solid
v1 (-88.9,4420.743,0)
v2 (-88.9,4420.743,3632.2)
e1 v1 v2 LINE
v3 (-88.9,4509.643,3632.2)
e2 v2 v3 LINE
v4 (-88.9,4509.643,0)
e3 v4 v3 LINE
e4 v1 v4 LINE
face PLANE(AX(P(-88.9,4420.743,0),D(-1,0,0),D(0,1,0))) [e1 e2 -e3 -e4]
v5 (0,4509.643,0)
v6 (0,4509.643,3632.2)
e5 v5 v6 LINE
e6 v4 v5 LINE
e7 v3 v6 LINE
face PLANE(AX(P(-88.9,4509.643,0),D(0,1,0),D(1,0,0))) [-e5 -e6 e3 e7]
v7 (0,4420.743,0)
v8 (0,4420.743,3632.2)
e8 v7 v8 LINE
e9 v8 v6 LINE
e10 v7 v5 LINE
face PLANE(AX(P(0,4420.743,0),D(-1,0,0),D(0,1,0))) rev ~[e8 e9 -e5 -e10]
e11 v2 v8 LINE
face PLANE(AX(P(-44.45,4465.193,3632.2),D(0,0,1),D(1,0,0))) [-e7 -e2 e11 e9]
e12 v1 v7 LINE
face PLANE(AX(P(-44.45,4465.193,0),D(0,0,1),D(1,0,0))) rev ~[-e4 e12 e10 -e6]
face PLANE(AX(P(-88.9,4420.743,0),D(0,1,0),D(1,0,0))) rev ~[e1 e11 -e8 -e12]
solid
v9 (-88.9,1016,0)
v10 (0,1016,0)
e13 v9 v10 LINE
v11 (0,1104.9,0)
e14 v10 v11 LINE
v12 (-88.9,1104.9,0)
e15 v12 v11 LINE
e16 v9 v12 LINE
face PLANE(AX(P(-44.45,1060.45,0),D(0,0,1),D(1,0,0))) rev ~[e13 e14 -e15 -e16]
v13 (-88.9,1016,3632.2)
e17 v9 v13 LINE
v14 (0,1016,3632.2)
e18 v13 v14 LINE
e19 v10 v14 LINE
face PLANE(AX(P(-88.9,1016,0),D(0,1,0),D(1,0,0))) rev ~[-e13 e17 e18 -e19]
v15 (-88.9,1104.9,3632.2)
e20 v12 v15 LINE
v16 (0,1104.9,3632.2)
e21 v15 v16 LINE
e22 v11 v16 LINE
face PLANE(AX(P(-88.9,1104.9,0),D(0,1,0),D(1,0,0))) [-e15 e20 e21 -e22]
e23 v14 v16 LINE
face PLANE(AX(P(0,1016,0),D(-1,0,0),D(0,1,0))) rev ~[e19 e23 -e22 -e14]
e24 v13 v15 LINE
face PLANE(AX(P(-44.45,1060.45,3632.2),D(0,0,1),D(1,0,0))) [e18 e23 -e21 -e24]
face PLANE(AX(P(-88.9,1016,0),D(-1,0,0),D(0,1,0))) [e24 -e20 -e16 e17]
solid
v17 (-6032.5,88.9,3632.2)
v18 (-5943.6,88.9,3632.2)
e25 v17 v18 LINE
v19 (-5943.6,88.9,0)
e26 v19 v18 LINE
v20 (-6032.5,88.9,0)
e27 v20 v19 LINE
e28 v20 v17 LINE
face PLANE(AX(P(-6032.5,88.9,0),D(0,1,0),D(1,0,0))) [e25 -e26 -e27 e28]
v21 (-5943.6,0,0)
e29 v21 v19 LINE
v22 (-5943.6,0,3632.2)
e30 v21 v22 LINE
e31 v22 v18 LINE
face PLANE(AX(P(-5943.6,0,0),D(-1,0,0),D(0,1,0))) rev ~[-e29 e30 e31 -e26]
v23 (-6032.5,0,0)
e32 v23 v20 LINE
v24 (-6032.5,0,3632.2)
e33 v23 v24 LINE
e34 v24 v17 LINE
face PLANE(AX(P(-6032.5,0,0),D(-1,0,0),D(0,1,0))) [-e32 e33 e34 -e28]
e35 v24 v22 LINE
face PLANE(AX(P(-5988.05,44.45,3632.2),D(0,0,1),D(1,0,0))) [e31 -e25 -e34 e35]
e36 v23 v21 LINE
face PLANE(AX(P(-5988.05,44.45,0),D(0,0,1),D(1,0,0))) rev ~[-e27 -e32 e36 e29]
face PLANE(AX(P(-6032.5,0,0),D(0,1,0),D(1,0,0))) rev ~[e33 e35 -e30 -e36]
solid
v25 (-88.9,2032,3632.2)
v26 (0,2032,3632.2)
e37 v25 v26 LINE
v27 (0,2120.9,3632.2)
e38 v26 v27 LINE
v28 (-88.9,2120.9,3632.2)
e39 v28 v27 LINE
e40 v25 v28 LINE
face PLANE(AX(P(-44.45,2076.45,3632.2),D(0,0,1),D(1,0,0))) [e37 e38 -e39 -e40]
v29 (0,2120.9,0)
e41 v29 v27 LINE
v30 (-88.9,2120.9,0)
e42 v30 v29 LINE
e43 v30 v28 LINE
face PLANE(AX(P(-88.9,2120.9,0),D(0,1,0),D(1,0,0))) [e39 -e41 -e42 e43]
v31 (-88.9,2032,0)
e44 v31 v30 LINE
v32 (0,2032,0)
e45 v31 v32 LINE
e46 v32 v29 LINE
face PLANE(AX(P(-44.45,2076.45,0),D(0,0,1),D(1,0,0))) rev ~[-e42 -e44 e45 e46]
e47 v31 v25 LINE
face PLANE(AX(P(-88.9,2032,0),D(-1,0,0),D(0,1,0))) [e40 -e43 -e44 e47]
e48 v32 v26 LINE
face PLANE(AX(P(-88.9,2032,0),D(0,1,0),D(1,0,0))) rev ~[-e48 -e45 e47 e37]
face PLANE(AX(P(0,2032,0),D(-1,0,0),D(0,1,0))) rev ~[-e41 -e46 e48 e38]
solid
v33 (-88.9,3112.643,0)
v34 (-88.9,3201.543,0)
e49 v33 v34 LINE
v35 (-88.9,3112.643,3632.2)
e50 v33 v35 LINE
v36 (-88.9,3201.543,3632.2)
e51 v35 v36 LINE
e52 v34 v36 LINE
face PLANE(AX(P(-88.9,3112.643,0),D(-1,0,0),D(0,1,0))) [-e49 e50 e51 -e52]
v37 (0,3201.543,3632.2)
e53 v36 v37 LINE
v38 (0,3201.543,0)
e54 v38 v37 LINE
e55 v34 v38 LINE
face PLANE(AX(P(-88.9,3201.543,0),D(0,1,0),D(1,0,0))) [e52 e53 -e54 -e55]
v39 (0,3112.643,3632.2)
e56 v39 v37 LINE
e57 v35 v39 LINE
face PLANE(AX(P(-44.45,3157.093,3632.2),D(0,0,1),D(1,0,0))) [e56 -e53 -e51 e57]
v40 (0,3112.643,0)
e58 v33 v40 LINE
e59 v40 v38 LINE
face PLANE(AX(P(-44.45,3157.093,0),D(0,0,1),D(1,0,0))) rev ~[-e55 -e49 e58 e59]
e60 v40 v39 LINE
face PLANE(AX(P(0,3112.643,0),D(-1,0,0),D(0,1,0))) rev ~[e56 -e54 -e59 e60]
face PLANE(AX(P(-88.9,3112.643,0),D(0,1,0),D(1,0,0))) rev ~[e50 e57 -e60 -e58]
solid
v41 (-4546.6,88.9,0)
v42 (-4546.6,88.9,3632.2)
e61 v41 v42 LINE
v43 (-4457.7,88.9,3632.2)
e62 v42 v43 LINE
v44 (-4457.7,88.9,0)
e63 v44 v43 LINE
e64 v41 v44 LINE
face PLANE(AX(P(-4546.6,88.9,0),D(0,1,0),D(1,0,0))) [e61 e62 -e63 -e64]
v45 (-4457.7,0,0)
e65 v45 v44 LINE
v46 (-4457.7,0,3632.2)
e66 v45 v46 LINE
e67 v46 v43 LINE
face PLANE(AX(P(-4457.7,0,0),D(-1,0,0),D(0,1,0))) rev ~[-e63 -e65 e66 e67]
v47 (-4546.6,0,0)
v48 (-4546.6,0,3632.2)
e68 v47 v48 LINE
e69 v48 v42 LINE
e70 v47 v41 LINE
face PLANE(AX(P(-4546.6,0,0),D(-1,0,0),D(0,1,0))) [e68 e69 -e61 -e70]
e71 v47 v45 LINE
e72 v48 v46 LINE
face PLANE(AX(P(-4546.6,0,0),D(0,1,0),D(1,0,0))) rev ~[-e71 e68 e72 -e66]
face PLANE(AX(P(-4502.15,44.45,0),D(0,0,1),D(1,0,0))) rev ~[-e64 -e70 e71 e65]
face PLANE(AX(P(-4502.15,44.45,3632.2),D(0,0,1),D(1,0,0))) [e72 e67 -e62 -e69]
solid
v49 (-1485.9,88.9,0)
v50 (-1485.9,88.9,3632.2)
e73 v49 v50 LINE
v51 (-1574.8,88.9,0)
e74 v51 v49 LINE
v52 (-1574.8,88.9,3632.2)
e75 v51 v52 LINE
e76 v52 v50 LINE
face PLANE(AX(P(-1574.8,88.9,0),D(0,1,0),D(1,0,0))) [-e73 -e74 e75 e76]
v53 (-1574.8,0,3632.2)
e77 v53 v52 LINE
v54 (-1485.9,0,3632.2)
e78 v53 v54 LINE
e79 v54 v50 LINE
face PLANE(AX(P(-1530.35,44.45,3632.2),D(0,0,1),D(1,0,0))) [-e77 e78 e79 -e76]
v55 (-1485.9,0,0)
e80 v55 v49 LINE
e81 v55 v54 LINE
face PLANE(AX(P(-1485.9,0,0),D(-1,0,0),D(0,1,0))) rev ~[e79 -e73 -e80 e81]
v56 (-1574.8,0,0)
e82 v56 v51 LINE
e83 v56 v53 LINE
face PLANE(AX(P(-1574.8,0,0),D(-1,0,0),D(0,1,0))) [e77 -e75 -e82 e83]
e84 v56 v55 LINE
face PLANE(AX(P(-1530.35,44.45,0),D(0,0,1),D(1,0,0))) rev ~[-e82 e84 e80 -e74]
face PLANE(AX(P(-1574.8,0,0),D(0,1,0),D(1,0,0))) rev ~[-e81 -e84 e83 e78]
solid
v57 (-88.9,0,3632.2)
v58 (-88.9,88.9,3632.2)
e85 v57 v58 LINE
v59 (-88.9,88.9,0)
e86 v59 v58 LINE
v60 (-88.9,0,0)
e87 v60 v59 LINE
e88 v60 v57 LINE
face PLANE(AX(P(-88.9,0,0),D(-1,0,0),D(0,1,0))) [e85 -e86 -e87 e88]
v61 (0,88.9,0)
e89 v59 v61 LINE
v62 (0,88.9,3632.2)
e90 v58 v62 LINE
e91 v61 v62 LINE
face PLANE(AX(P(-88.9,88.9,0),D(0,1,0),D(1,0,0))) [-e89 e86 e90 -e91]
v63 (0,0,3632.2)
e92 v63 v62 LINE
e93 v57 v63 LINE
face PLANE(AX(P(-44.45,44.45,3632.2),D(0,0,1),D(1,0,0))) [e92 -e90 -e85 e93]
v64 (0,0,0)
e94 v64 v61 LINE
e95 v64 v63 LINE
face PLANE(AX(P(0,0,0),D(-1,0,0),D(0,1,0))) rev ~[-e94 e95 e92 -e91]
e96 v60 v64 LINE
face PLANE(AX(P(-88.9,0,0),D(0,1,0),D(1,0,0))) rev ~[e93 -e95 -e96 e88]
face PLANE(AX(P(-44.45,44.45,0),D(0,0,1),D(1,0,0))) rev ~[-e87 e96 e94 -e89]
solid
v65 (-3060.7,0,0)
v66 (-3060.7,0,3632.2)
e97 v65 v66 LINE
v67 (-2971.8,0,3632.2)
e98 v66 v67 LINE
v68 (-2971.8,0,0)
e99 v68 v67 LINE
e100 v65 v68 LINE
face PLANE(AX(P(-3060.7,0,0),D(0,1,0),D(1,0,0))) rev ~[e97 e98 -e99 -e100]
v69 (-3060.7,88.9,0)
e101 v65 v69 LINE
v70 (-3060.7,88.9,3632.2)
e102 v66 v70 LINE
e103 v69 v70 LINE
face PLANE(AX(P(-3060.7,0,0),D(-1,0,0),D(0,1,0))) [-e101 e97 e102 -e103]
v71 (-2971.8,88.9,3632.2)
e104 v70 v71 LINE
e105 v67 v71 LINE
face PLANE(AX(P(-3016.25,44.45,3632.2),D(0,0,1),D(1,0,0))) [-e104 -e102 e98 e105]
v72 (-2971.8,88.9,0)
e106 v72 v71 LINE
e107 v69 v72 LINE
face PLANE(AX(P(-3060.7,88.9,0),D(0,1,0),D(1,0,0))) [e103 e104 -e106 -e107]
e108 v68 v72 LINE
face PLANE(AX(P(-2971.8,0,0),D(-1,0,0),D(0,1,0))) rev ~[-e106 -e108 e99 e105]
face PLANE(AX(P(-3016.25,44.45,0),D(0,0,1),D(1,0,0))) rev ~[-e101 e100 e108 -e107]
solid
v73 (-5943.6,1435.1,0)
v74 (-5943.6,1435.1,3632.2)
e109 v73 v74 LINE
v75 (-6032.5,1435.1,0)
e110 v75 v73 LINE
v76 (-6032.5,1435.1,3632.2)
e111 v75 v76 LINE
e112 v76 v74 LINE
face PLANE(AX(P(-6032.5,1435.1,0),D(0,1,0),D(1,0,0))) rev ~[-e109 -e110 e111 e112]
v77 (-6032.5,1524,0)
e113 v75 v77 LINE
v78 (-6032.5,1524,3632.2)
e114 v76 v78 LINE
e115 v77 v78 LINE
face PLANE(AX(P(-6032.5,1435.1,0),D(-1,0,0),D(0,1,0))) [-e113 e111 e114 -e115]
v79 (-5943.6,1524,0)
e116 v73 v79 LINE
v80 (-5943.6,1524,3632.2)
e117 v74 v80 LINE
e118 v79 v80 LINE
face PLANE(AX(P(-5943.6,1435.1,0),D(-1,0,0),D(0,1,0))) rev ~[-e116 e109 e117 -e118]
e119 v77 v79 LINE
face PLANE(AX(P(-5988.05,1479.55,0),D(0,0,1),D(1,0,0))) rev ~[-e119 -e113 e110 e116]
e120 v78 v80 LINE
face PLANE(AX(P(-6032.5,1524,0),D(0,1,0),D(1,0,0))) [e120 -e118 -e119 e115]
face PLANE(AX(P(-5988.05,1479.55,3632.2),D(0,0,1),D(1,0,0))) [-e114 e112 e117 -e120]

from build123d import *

# Parameters (mm, degrees)
F0_W     = 88.9
F0_H     = 88.9
F1_DEPTH = 3632.2


with BuildPart() as f1:
    # F0 (on Top) → F1 (new body)
    with BuildSketch(Plane.XY):
        with Locations((-44.45, 44.45)):
            Rectangle(F0_W, F0_H)
        with Locations((-1530.35, 44.45)):
            Rectangle(F0_W, F0_H)
        with Locations((-3016.25, 44.45)):
            Rectangle(F0_W, F0_H)
        with Locations((-4502.15, 44.45)):
            Rectangle(F0_W, F0_H)
        with Locations((-5988.05, 44.45)):
            Rectangle(F0_W, F0_H)
        with Locations((-44.45, 1060.45)):
            Rectangle(F0_W, F0_H)
        with Locations((-44.45, 2076.45)):
            Rectangle(F0_W, F0_H)
        with Locations((-44.45, 4465.193)):
            Rectangle(F0_W, F0_H)
        with Locations((-5988.05, 1479.55)):
            Rectangle(F0_W, F0_H)
        with Locations((-44.45, 3157.093)):
            Rectangle(F0_W, F0_H)
    extrude(amount=F1_DEPTH)


solid = f1.part
